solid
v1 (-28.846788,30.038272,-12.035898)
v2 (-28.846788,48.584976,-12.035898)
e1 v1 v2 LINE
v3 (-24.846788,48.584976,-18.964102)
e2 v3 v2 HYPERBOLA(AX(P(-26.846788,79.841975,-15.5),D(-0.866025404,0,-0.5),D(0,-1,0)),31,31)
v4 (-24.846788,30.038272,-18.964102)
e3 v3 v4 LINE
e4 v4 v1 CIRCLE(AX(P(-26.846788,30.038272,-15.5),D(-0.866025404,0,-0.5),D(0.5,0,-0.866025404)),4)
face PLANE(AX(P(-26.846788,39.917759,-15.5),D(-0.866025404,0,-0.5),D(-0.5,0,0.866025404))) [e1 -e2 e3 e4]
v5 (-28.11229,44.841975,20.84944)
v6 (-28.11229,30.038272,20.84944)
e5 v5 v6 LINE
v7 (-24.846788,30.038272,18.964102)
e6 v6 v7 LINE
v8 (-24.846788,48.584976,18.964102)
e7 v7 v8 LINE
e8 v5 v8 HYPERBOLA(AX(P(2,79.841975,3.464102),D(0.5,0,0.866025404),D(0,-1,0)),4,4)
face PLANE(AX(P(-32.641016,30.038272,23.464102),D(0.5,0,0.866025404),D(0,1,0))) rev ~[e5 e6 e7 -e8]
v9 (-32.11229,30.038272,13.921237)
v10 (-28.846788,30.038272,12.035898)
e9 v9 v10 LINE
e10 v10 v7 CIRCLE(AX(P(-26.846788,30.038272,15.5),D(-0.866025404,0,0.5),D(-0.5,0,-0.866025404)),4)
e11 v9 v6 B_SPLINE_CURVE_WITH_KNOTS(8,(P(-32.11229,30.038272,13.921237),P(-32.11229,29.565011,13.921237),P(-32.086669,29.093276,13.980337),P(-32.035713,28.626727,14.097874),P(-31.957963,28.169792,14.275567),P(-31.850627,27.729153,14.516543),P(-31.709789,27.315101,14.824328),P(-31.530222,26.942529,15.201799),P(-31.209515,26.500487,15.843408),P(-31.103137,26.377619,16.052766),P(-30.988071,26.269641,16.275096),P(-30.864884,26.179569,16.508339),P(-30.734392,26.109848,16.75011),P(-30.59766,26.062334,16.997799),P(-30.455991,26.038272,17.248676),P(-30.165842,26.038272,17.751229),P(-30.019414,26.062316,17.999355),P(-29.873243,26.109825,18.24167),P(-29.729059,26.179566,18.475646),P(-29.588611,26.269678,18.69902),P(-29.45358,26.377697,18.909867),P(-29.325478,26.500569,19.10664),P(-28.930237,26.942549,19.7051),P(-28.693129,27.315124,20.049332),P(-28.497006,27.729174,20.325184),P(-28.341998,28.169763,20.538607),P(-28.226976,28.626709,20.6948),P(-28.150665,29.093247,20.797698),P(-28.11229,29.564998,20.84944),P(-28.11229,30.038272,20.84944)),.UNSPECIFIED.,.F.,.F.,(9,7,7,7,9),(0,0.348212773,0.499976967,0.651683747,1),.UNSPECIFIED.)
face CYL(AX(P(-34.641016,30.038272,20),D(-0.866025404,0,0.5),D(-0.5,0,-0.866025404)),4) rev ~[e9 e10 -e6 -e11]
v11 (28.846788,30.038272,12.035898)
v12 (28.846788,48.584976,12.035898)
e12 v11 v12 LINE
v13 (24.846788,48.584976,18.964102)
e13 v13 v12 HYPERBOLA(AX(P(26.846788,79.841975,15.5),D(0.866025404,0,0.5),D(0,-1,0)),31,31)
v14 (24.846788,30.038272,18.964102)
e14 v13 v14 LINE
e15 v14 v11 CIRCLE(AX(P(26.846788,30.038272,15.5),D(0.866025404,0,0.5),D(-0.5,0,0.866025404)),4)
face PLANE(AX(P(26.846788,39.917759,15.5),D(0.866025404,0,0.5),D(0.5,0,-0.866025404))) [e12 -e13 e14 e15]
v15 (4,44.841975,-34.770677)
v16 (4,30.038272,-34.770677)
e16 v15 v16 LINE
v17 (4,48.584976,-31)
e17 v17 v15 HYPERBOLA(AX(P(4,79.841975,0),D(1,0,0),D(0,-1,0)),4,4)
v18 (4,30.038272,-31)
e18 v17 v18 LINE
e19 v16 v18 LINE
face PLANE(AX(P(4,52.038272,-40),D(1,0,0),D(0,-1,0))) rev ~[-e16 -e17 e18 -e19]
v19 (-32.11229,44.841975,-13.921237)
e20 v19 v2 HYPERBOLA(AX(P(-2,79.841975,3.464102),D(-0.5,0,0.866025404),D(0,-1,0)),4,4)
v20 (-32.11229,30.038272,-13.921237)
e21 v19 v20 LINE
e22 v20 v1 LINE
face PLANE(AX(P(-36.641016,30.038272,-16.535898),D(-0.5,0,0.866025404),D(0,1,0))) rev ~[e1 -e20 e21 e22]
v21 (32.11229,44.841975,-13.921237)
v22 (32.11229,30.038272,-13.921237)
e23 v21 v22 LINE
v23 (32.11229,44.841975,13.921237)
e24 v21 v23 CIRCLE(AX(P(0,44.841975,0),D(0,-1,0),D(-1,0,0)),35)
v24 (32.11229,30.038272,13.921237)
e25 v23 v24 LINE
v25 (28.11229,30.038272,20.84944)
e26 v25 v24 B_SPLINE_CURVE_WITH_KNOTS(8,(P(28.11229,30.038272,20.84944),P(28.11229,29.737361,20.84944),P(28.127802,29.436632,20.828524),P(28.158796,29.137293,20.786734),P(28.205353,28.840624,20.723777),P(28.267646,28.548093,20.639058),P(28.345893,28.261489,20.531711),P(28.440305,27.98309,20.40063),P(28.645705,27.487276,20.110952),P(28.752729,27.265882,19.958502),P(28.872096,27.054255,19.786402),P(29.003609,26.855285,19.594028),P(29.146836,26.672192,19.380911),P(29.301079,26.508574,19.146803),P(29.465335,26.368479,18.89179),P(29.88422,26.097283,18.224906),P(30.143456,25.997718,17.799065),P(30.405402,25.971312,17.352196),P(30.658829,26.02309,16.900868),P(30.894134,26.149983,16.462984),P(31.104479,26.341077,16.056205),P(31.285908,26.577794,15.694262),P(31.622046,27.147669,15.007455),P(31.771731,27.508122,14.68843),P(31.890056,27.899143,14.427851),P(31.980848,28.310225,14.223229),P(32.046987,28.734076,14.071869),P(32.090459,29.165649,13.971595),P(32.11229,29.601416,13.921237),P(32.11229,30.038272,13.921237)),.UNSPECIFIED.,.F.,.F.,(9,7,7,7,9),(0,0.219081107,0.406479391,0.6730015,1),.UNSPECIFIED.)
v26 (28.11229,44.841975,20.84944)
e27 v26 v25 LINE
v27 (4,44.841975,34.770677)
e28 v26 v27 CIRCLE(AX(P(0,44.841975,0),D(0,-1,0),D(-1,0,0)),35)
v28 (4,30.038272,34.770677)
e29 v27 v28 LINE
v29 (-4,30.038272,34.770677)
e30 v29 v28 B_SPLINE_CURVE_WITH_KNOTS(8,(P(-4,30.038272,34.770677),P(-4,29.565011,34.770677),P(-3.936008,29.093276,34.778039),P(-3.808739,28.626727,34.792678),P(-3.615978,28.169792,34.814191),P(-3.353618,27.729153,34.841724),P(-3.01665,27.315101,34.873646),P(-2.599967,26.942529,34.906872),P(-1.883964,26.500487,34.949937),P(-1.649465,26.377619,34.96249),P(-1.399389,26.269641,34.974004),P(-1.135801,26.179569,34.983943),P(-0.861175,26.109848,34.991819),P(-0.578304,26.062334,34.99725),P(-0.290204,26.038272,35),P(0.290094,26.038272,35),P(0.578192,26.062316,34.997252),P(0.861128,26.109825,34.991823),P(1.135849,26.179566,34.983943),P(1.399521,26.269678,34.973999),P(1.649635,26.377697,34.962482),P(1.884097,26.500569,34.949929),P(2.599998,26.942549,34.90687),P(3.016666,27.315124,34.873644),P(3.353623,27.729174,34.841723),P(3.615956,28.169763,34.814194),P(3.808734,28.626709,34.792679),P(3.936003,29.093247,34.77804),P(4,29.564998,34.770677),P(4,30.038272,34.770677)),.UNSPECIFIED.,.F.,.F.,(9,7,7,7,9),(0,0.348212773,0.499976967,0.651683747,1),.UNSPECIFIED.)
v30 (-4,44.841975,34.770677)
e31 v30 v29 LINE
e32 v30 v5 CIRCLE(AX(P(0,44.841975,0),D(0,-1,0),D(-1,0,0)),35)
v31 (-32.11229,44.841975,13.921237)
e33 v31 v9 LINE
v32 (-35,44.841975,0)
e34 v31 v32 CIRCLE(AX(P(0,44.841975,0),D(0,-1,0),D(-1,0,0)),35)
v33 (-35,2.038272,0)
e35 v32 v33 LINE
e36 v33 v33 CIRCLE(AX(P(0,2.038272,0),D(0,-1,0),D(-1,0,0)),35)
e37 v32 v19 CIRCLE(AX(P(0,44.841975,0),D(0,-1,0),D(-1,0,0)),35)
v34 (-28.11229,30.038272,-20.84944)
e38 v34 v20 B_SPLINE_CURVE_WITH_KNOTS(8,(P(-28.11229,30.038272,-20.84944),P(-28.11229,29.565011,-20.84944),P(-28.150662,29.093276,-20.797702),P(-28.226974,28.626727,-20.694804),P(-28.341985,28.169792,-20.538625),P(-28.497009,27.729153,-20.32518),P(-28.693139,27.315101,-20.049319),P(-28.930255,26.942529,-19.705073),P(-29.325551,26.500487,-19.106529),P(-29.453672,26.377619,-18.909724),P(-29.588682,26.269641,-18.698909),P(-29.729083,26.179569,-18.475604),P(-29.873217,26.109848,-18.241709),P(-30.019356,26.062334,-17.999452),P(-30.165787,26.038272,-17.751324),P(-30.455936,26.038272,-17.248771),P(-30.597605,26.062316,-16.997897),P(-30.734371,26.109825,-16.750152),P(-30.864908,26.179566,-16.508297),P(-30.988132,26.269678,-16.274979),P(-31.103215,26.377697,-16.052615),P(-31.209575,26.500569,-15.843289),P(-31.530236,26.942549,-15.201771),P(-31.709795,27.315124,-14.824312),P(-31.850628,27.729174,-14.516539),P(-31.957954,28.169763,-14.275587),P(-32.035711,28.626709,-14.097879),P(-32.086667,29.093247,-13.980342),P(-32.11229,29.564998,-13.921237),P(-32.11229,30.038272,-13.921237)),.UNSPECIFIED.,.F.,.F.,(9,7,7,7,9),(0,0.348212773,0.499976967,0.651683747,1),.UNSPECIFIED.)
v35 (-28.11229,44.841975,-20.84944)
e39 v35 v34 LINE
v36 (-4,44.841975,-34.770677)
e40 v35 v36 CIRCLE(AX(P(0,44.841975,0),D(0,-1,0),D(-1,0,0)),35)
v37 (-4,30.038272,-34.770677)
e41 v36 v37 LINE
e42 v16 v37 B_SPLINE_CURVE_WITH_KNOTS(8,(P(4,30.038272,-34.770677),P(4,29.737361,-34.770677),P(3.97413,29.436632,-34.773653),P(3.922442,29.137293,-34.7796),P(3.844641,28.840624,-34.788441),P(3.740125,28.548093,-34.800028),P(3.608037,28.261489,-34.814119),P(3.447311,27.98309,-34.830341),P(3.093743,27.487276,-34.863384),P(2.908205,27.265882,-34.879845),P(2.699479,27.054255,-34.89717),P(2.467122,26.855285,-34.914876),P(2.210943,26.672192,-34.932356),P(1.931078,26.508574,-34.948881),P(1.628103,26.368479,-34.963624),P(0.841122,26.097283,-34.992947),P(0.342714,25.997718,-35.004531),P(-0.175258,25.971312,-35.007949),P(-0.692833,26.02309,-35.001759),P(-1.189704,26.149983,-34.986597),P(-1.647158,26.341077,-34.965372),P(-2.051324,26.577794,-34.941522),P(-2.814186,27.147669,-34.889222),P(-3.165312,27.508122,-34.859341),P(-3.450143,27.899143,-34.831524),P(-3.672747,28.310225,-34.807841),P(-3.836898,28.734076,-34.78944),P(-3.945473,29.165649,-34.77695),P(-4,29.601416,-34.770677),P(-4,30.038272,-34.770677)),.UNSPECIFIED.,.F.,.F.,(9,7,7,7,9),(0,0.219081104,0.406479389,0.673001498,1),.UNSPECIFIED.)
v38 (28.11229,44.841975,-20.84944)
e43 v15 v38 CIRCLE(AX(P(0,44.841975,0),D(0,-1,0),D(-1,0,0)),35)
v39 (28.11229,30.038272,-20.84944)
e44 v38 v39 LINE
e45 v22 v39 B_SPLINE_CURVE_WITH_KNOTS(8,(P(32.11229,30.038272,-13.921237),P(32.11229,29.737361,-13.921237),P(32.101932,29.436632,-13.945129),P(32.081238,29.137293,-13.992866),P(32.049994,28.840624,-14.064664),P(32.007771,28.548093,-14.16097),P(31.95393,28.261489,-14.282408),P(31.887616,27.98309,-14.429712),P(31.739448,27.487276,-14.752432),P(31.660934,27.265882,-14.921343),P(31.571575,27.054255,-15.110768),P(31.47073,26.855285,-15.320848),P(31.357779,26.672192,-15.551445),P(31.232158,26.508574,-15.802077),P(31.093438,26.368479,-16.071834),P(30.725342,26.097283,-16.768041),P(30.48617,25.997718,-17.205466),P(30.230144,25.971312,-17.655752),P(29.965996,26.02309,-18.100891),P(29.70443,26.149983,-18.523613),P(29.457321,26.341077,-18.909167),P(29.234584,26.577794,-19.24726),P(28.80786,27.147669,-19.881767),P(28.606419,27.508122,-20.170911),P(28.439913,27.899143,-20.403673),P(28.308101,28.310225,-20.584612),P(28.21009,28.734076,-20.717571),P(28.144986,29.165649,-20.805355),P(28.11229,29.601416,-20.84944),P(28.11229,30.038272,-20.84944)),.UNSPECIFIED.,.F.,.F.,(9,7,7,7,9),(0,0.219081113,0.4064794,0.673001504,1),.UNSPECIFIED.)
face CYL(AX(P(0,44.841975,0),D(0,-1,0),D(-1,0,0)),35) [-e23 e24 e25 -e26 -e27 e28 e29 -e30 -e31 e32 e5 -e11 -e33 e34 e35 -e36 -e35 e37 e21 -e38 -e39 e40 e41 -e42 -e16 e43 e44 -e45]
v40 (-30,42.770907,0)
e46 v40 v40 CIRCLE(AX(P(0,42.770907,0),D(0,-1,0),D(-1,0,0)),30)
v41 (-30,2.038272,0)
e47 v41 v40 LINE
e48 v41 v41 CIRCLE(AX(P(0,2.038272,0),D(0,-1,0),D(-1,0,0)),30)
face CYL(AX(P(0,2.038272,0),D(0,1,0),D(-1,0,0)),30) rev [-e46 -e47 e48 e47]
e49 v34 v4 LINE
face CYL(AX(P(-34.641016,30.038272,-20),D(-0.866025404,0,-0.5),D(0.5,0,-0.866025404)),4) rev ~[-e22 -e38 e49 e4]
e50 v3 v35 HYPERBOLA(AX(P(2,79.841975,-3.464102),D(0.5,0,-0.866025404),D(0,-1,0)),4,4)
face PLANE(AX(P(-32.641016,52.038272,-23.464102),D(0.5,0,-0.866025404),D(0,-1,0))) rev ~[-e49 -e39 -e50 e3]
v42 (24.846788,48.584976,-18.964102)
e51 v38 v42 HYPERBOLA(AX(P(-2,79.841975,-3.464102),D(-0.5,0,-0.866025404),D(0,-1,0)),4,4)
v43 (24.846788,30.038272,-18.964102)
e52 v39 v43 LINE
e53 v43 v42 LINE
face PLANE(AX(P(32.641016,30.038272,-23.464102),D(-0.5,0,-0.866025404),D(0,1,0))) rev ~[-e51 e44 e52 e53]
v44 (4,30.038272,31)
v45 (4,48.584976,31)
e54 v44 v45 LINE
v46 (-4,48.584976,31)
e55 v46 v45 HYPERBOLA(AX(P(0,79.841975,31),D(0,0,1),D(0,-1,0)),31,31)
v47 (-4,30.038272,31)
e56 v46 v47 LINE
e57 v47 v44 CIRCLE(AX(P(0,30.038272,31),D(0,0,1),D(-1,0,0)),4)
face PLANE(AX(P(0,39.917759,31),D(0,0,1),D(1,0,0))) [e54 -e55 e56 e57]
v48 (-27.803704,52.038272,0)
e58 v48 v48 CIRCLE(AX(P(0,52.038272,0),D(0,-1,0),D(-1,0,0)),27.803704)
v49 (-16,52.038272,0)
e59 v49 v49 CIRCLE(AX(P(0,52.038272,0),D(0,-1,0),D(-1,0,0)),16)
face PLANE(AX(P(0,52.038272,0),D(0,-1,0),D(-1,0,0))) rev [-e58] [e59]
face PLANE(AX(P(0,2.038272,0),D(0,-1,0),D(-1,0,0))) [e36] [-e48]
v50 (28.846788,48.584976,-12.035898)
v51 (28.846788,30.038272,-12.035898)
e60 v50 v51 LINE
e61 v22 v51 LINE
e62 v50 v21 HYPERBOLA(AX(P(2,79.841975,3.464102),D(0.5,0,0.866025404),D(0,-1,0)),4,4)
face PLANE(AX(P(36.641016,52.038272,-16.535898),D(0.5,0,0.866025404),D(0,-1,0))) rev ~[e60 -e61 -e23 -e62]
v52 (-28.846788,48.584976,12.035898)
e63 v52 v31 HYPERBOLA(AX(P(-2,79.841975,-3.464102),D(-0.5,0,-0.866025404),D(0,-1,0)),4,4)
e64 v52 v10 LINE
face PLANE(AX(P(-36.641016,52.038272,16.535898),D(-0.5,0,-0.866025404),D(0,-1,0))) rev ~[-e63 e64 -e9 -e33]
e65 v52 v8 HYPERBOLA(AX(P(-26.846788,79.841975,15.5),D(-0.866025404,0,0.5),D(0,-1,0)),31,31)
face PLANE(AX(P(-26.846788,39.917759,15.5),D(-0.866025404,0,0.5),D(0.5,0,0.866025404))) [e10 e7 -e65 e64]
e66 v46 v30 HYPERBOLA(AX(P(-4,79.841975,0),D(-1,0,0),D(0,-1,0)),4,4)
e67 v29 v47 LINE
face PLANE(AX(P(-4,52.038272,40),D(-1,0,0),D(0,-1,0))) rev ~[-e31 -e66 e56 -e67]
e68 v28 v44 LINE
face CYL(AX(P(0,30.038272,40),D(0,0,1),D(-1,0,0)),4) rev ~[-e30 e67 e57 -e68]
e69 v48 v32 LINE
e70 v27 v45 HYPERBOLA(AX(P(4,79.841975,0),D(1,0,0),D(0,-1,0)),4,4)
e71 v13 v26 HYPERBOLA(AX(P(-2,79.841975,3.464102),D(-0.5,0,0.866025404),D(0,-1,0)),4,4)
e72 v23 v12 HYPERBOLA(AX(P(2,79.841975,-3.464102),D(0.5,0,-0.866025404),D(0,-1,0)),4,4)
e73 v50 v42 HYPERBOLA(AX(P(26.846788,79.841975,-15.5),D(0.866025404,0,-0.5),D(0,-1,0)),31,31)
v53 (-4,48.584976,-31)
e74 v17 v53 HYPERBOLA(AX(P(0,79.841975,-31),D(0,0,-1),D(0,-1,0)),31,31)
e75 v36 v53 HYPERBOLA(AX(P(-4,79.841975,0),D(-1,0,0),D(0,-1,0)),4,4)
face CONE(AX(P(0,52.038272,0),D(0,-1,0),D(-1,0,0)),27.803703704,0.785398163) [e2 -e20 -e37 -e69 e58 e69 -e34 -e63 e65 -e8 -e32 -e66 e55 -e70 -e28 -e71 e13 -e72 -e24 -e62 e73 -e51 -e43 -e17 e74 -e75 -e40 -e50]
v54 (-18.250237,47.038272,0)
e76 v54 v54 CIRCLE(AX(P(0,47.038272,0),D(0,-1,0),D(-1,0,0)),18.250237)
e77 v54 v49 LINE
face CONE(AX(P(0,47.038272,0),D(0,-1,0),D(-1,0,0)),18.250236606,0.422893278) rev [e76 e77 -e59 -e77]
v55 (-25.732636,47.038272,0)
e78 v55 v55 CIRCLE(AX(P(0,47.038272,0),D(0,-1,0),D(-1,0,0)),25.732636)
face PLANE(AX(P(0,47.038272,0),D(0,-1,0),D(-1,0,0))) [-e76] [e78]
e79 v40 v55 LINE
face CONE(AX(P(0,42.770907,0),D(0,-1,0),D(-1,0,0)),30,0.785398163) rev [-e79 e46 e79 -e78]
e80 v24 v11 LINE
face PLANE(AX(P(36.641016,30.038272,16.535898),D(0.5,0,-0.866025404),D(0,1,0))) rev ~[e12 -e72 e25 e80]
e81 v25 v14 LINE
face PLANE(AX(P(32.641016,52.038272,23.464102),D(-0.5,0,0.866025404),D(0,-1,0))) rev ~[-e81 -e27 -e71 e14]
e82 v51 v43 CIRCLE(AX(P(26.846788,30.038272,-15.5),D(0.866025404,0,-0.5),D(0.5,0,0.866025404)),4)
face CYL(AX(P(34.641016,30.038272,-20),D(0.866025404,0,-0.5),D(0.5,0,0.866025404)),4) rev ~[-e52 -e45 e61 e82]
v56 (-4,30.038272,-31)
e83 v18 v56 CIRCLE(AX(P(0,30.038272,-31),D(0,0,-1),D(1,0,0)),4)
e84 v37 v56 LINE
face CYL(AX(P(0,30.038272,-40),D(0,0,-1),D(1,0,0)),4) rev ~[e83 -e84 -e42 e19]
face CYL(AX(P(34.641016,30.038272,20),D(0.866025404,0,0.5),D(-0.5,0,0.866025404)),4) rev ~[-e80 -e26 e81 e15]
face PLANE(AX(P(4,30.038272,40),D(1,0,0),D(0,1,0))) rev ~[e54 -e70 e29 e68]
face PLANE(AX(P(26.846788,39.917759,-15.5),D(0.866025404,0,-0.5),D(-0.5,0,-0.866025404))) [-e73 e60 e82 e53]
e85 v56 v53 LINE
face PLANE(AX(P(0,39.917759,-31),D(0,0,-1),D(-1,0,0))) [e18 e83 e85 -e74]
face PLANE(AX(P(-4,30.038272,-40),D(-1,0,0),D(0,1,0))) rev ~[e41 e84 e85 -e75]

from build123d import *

# Parameters (mm, degrees)
CUT_EXTRUDE_4_DEPTH      = 9
PATTERN_CIRCULAR_1_COUNT = 6


with BuildPart() as part:
    # 草图1 → 旋转1 (revolve)
    with BuildSketch(Plane.XY):
        Polygon((-16, 52.038271605), (-27.803703704, 52.038271605), (-35, 44.841975309), (-35, 2.038271605), (-30, 2.038271605), (-30, 42.770907497), (-25.732635892, 47.038271605), (-18.250236606, 47.038271605), align=None)
    revolve(axis=Axis((0, 88.586419753, 0), (0, -1, 0)))

    # 草图2 → 切除-拉伸4 (cut)
    with BuildSketch(Plane.XY.offset(40)):
        with BuildLine():
            Line((-4, 52.038271605), (-4, 30.038271605))
            ThreePointArc((-4, 30.038271605), (0, 26.038271605), (4, 30.038271605))
            Line((4, 30.038271605), (4, 52.038271605))
            Line((4, 52.038271605), (-4, 52.038271605))
        make_face()
    cut_extrude_4 = extrude(amount=-CUT_EXTRUDE_4_DEPTH, mode=Mode.SUBTRACT)

    # 阵列(圆周)1: 切除-拉伸4 ×6 about axis
    pattern_circular_1_axis = Axis((0, 0, 0), (0, 1, 0))
    for i in range(1, PATTERN_CIRCULAR_1_COUNT):
        add(cut_extrude_4.rotate(pattern_circular_1_axis, i * 360 / PATTERN_CIRCULAR_1_COUNT), mode=Mode.SUBTRACT)


solid = part.part
